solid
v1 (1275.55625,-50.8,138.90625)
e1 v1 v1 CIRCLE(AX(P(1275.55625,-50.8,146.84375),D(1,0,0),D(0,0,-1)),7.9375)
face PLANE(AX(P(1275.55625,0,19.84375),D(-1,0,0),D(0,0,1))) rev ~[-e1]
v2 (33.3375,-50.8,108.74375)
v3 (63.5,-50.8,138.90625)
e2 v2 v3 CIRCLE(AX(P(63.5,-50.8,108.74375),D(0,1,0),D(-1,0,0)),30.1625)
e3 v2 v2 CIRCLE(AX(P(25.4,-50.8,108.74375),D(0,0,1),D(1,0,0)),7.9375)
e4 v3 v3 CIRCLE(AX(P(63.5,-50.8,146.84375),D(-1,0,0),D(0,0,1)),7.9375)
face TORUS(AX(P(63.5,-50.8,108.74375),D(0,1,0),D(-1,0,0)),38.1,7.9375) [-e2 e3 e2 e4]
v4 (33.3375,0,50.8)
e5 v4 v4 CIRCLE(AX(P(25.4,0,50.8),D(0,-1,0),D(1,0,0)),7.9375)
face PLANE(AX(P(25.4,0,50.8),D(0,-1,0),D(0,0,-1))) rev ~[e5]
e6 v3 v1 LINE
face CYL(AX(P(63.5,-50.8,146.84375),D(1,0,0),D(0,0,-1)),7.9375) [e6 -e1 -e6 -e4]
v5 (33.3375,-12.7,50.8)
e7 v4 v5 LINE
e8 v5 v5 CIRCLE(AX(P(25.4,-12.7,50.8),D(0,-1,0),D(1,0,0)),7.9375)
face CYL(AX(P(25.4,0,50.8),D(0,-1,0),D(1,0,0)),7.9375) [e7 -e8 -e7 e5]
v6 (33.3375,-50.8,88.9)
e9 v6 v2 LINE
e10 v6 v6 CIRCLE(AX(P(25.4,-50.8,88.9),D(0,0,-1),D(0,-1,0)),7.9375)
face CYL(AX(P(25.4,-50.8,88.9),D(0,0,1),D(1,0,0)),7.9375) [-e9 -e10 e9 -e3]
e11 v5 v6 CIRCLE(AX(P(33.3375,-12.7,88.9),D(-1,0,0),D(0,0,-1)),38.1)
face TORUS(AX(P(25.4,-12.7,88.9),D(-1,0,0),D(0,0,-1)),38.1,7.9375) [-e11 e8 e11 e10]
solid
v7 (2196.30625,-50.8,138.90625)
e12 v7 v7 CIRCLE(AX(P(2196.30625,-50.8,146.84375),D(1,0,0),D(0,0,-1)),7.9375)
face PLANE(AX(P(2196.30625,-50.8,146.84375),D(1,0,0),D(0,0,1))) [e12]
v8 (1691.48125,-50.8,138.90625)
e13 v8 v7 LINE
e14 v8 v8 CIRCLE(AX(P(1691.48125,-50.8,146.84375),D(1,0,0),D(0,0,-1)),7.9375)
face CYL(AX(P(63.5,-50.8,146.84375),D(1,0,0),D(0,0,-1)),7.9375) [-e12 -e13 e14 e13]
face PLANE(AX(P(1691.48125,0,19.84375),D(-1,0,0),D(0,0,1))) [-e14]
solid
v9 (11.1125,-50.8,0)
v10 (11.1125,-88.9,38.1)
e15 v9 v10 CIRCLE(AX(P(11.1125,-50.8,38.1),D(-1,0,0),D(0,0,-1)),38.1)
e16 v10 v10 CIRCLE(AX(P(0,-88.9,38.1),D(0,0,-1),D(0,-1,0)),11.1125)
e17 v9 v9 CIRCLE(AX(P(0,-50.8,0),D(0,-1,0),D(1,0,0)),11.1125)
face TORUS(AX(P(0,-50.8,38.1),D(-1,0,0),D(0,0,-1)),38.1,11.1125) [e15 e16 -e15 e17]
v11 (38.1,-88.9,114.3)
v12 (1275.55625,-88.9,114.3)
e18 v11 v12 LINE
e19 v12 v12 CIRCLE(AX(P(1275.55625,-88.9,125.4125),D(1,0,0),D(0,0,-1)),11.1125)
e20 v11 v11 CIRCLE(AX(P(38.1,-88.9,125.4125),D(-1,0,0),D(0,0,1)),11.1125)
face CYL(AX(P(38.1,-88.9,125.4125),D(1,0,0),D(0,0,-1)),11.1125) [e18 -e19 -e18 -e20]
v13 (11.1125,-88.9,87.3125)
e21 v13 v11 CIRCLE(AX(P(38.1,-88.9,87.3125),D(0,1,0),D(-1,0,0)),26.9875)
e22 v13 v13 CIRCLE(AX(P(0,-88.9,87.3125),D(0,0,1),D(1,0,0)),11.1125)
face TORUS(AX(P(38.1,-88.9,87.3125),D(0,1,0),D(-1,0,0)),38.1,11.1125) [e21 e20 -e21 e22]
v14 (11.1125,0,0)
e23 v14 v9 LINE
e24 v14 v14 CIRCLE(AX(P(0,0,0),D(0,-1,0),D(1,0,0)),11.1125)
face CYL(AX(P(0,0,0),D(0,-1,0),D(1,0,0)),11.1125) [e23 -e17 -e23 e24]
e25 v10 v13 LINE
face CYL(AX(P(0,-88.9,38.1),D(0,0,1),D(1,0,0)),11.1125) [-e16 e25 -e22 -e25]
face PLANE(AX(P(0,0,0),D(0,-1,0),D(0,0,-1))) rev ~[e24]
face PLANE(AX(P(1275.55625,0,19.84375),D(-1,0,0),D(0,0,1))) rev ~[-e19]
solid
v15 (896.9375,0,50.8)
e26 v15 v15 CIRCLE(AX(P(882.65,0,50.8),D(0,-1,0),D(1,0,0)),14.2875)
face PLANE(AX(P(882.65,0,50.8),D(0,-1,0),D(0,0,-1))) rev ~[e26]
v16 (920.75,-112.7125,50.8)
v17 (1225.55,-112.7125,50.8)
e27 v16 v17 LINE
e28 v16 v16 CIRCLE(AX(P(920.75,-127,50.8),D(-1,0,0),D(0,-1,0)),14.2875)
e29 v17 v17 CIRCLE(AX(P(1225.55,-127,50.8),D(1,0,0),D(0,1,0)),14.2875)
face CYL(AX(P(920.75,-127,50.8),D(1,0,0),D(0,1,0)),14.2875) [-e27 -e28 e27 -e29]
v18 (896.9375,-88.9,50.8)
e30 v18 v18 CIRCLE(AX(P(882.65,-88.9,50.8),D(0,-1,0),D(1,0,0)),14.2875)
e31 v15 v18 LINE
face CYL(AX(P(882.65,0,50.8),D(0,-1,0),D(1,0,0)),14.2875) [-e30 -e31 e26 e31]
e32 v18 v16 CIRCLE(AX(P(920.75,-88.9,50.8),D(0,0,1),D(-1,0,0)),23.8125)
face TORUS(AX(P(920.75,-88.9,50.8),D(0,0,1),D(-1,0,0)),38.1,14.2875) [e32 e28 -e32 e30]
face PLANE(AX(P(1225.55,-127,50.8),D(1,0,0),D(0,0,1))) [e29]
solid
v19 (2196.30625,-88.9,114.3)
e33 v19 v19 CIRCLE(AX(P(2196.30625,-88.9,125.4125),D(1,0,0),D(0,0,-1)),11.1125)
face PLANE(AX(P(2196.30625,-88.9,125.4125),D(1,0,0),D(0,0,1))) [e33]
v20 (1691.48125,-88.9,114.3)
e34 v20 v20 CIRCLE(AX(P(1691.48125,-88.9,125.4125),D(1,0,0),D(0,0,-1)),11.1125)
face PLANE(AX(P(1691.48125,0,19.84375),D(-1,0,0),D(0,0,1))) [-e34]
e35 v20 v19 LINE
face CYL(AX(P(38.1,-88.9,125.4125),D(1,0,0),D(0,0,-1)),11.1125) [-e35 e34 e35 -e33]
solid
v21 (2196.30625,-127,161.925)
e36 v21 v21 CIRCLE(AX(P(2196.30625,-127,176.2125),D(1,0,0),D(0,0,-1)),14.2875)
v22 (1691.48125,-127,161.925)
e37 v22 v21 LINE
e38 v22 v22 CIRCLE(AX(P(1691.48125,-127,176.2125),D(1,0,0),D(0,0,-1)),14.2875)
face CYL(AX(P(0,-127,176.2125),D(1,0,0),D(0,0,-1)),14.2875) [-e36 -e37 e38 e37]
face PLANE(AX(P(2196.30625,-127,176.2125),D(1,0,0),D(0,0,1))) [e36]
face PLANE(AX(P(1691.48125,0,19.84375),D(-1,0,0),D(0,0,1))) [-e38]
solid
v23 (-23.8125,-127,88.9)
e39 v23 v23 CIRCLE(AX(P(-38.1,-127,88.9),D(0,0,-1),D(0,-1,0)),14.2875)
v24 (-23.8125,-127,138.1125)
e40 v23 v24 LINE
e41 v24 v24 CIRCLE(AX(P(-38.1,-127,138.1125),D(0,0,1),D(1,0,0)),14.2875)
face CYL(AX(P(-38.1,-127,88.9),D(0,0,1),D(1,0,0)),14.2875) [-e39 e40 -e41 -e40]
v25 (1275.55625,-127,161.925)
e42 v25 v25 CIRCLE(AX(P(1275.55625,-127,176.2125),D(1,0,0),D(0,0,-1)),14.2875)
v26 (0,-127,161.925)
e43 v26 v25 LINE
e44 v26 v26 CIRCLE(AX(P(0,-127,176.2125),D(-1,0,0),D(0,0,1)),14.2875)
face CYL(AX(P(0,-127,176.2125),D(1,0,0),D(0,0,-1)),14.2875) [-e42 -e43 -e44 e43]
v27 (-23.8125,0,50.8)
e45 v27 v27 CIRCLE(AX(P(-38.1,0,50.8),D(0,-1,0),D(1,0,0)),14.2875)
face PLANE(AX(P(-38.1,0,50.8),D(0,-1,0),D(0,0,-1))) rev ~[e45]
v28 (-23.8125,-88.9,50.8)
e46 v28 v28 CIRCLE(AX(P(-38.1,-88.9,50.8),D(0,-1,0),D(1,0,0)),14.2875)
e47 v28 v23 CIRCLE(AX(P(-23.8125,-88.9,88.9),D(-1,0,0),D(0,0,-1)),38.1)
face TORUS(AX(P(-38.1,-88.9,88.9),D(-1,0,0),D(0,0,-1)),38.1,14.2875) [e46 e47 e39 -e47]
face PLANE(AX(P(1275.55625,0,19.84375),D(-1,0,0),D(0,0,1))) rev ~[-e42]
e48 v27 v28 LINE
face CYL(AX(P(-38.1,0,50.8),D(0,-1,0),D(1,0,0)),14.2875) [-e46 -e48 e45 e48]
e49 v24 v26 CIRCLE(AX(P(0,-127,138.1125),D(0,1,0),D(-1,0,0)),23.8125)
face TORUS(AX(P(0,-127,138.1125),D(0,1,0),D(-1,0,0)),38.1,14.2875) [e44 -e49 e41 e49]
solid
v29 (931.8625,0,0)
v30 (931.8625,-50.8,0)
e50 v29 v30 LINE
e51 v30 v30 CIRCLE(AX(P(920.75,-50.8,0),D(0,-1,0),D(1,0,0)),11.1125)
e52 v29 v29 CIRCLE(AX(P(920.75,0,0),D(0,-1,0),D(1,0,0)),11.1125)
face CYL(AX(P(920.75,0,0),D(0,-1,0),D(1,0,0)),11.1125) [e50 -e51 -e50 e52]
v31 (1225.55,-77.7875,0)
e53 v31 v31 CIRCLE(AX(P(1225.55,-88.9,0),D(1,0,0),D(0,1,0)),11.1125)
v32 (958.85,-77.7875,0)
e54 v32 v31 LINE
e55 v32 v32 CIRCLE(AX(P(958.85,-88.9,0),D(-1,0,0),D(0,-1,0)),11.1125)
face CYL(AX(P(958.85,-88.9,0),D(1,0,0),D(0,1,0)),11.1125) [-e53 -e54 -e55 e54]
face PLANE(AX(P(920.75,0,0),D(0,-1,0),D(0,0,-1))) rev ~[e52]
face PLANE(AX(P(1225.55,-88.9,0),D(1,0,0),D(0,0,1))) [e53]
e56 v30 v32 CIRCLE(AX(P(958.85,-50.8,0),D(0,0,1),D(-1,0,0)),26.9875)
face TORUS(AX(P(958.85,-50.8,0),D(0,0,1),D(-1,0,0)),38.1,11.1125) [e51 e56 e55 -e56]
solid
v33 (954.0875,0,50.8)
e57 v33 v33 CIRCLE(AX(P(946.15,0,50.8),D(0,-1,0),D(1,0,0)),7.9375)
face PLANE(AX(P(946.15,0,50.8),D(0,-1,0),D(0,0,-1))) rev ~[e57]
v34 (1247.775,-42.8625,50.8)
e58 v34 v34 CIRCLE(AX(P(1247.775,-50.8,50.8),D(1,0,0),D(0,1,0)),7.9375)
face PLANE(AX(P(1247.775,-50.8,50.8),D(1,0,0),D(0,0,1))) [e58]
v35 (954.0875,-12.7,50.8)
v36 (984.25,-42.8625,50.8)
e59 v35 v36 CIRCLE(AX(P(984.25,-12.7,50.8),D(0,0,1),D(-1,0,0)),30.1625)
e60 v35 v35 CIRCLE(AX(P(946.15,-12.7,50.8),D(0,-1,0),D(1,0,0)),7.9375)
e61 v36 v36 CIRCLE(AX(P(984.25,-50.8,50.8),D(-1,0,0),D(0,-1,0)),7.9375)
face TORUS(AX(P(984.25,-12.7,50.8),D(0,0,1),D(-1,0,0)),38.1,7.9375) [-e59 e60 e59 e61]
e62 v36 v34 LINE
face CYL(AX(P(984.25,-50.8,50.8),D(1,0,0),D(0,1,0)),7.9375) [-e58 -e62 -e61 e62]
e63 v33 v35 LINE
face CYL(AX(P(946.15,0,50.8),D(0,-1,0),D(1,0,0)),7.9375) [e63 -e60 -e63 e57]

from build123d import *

# Parameters (mm, degrees)
F0_R      = 11.1125
F0_R_2    = 14.2875
F0_R_3    = 7.9375
F21_W     = 415.925
F21_H     = 254
F22_DEPTH = 141.2885001


with BuildPart() as f8:
    # F8: sweep along a path in F5, F7
    with BuildLine(Plane.YZ) as f8_path:
        Line((0, 0), (-50.8, 0))
        ThreePointArc((-50.8, 0), (-77.7407683632, 11.1592316368), (-88.9, 38.1))
        Line((-88.9, 38.1), (-88.9, 87.3125))
    with BuildLine(Plane.XZ.offset(88.9)) as f8_path_2:
        ThreePointArc((0, 87.3125), (11.1592316368, 114.2532683632), (38.1, 125.4125))
        Line((38.1, 125.4125), (1275.55625, 125.4125))
        Line((1275.55625, 125.4125), (2196.30625, 125.4125))
    # F0 (on Front) → F8 (sweep)
    with BuildSketch(Plane.XZ):
        Circle(F0_R)
    sweep(path=f8_path.line + f8_path_2.line)


with BuildPart() as f12:
    # F12: sweep along a path in F9, F11
    with BuildLine(Plane.YZ.offset(-38.1)) as f12_path:
        Line((0, 50.8), (-88.9, 50.8))
        ThreePointArc((-88.9, 50.8), (-115.8407683632, 61.9592316368), (-127, 88.9))
        Line((-127, 88.9), (-127, 138.1125))
    with BuildLine(Plane.XZ.offset(127)) as f12_path_2:
        ThreePointArc((-38.1, 138.1125), (-26.9407683632, 165.0532683632), (0, 176.2125))
        Line((0, 176.2125), (1275.55625, 176.2125))
        Line((1275.55625, 176.2125), (2196.30625, 176.2125))
    # F0 (on Front) → F12 (sweep)
    with BuildSketch(Plane.XZ):
        with Locations((-38.1, 50.8)):
            Circle(F0_R_2)
    sweep(path=f12_path.line + f12_path_2.line)


with BuildPart() as f16:
    # F16: sweep along a path in F13, F15
    with BuildLine(Plane.YZ.offset(25.4)) as f16_path:
        Line((0, 50.8), (-12.7, 50.8))
        ThreePointArc((-12.7, 50.8), (-39.6407683632, 61.9592316368), (-50.8, 88.9))
        Line((-50.8, 88.9), (-50.8, 108.74375))
    with BuildLine(Plane.XZ.offset(50.8)) as f16_path_2:
        ThreePointArc((25.4, 108.74375), (36.5592316368, 135.6845183632), (63.5, 146.84375))
        Line((63.5, 146.84375), (1275.55625, 146.84375))
        Line((1275.55625, 146.84375), (2196.30625, 146.84375))
    # F0 (on Front) → F16 (sweep)
    with BuildSketch(Plane.XZ):
        with Locations((25.4, 50.8)):
            Circle(F0_R_3)
    sweep(path=f16_path.line + f16_path_2.line)


with BuildPart() as f18:
    # F18: sweep along a path in F17
    with BuildLine(Plane.XY.offset(50.8)) as f18_path:
        Line((946.15, 0), (946.15, -12.7))
        ThreePointArc((946.15, -12.7), (957.3092316368, -39.6407683632), (984.25, -50.8))
        Line((984.25, -50.8), (1247.775, -50.8))
    # F0 (on Front) → F18 (sweep)
    with BuildSketch(Plane.XZ):
        with Locations((946.15, 50.8)):
            Circle(F0_R_3)
    sweep(path=f18_path.line)


with BuildPart() as f19:
    # F19: sweep along a path in F17
    with BuildLine(Plane.XY.offset(50.8)) as f19_path:
        Line((920.75, 0), (920.75, -50.8))
        ThreePointArc((920.75, -50.8), (931.9092316368, -77.7407683632), (958.85, -88.9))
        Line((958.85, -88.9), (1225.55, -88.9))
    # F0 (on Front) → F19 (sweep)
    with BuildSketch(Plane.XZ):
        with Locations((920.75, 0)):
            Circle(F0_R)
    sweep(path=f19_path.line)


with BuildPart() as f20:
    # F20: sweep along a path in F17
    with BuildLine(Plane.XY.offset(50.8)) as f20_path:
        Line((882.65, 0), (882.65, -88.9))
        ThreePointArc((882.65, -88.9), (893.8092316368, -115.8407683632), (920.75, -127))
        Line((920.75, -127), (1225.55, -127))
    # F0 (on Front) → F20 (sweep)
    with BuildSketch(Plane.XZ):
        with Locations((882.65, 50.8)):
            Circle(F0_R_2)
    sweep(path=f20_path.line)


with BuildPart() as f22_tool:
    # F21 (on Front) → F22 (new body, through all)
    with BuildSketch(Plane.XZ):
        with Locations((1483.51875, 146.84375)):
            Rectangle(F21_W, F21_H)
    extrude(amount=F22_DEPTH)


with BuildPart() as f8_1:
    add(f8.part)

    # F22: cut by f22_tool
    add(f22_tool.part, mode=Mode.SUBTRACT)


with BuildPart() as f12_1:
    add(f12.part)

    # F22: cut by f22_tool
    add(f22_tool.part, mode=Mode.SUBTRACT)


with BuildPart() as f16_1:
    add(f16.part)

    # F22: cut by f22_tool
    add(f22_tool.part, mode=Mode.SUBTRACT)


solid = Compound([f18.part, f19.part, f20.part, f8_1.part, f12_1.part, f16_1.part])
